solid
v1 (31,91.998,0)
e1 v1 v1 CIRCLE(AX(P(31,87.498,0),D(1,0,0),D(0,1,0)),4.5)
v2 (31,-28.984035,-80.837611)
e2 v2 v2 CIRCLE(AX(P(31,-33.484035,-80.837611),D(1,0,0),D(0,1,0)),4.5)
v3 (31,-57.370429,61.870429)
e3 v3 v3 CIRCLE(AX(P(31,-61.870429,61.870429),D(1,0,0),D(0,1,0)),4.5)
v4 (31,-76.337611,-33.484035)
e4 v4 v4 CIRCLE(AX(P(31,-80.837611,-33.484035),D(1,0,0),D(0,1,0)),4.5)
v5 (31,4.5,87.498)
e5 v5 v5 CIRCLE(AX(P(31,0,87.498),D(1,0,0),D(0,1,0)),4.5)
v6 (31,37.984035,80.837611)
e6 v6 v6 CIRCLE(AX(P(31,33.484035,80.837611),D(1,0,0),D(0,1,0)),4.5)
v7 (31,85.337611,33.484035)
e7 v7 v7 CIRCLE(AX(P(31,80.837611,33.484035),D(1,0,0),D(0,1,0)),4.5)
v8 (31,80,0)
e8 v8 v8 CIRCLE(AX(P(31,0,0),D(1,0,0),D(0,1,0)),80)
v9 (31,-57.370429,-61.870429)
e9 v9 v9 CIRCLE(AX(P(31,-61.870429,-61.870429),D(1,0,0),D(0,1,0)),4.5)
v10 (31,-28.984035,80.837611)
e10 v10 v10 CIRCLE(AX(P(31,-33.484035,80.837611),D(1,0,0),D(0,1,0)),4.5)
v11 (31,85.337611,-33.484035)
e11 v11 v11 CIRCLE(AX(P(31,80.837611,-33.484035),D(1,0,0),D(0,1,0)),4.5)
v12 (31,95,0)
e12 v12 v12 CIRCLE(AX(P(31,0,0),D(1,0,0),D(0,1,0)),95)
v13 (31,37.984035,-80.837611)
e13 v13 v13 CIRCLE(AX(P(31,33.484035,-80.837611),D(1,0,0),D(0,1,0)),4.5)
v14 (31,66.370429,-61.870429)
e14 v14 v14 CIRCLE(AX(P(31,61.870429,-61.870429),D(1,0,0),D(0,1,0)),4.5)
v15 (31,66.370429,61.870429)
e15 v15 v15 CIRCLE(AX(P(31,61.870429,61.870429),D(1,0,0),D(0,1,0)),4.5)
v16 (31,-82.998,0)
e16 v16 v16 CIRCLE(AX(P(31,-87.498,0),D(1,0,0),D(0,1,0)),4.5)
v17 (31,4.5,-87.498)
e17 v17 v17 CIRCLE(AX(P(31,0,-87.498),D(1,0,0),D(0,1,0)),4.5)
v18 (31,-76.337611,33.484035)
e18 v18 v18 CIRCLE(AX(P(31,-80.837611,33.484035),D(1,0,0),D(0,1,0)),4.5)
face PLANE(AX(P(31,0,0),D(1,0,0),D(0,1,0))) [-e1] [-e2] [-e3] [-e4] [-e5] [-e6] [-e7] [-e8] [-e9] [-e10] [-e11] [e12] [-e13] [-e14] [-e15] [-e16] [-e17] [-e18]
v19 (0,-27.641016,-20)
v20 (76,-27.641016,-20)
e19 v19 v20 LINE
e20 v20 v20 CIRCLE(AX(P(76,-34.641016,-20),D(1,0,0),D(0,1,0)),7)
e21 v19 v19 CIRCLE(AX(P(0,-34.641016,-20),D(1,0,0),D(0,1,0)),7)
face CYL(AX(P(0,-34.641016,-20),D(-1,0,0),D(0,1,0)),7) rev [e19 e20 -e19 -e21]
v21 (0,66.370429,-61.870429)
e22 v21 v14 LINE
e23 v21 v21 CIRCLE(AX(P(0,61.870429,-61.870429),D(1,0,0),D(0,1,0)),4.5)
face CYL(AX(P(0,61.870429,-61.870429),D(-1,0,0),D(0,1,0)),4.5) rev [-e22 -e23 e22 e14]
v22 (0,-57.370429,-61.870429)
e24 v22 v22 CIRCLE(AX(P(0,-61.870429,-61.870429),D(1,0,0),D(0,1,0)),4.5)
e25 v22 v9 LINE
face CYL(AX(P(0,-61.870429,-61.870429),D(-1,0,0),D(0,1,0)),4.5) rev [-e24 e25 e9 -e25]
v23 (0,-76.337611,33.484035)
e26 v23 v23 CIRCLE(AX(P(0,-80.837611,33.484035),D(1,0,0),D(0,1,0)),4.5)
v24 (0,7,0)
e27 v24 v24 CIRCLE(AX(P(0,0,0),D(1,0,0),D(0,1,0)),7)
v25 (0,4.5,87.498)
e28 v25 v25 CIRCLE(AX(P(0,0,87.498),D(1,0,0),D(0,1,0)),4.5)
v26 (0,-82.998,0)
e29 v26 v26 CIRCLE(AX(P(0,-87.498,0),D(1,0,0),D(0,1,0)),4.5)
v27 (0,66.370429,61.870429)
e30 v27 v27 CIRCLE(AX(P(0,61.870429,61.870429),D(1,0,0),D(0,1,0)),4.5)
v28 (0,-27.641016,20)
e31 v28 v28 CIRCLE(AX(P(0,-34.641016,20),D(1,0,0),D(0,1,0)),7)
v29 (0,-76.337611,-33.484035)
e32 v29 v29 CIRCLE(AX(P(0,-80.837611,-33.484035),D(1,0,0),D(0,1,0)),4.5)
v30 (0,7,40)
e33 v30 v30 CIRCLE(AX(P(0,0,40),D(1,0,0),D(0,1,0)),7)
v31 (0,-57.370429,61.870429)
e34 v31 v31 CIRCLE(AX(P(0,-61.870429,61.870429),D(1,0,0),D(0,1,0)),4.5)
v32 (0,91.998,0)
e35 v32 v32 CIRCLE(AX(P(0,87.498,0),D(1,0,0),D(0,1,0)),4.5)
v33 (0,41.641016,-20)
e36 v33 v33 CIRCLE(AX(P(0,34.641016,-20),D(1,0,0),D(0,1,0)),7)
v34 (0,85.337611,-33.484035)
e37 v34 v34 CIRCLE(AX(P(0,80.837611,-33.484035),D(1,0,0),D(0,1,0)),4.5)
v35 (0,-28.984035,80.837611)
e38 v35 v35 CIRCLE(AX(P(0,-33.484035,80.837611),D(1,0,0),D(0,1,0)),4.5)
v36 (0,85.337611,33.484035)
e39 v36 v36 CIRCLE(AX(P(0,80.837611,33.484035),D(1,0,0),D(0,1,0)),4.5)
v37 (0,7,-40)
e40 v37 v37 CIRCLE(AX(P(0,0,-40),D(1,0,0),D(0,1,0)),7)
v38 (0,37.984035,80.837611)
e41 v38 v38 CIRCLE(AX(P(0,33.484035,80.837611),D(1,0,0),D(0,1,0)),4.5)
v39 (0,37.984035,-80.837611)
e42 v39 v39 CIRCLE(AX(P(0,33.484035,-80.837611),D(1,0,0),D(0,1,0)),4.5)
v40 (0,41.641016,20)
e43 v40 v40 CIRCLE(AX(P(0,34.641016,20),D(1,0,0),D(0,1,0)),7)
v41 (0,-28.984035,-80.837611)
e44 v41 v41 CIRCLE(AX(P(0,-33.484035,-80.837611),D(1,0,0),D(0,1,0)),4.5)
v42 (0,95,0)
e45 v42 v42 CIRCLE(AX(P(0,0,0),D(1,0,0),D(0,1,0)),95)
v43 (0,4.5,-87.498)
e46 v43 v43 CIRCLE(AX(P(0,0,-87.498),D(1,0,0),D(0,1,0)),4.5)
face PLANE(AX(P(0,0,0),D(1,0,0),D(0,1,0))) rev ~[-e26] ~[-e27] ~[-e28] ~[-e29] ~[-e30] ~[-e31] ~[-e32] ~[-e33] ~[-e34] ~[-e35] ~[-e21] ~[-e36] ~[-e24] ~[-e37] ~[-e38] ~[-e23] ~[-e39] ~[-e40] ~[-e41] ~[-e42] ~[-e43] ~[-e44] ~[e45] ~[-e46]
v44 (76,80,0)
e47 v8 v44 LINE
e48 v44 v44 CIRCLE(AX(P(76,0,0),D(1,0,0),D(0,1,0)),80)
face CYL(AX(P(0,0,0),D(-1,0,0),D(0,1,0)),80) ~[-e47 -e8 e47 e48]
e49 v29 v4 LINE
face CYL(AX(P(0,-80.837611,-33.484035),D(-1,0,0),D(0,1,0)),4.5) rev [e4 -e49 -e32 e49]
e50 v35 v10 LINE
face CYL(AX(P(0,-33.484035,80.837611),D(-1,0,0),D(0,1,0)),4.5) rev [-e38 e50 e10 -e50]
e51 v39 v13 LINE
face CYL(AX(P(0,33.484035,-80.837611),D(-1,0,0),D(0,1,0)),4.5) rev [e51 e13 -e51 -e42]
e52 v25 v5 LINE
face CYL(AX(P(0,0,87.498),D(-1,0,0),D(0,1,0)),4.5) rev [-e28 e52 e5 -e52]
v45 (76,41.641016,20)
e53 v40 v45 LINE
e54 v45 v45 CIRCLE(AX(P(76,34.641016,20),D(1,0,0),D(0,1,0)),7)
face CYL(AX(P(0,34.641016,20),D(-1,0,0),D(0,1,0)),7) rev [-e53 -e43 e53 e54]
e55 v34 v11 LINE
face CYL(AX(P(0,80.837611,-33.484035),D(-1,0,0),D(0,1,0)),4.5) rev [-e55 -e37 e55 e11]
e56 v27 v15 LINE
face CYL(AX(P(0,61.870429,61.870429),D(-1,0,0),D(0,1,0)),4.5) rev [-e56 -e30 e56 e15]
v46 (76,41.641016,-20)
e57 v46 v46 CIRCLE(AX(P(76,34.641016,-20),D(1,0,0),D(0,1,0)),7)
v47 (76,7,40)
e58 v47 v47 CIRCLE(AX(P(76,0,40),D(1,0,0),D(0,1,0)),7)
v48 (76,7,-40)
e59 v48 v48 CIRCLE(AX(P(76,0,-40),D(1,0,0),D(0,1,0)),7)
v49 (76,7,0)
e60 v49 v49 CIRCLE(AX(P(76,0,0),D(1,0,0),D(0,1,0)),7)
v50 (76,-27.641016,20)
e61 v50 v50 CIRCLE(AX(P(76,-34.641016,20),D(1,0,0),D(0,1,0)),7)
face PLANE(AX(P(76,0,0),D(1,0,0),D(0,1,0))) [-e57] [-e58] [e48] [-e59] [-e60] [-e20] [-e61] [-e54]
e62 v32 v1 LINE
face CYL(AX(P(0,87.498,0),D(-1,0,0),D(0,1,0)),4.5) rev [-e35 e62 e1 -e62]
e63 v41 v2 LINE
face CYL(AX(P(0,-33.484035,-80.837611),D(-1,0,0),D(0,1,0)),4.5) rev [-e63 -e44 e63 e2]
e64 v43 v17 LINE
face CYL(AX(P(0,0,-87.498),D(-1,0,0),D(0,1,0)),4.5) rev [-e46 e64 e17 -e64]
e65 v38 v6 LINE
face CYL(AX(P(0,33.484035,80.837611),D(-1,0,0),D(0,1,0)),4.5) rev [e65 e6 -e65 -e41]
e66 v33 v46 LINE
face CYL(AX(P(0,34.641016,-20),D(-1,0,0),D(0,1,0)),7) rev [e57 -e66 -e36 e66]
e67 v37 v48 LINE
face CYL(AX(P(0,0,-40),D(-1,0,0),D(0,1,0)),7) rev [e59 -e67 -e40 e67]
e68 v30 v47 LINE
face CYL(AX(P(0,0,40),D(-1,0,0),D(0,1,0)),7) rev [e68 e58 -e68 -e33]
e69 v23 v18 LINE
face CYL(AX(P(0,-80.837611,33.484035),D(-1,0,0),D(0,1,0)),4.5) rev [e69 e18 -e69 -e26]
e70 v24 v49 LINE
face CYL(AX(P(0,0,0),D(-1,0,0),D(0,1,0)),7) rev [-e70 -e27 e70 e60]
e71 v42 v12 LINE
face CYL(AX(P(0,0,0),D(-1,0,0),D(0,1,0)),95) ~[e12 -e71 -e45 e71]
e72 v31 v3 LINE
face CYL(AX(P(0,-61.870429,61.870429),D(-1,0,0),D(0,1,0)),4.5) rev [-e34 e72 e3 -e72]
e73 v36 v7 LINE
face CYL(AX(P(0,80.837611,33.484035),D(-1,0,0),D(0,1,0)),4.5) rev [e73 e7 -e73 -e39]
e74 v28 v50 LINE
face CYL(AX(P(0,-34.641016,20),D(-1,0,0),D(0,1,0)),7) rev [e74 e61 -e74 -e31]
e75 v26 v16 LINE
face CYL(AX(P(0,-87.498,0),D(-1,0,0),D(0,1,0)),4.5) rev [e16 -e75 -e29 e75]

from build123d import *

# Parameters (mm, degrees)
F0_R     = 80
F0_R_2   = 7
F1_DEPTH = 76
F0_R_3   = 95
F0_R_4   = 4.5
F2_DEPTH = 31


with BuildPart() as f1:
    # F0 (on Right) → F1 (new body)
    with BuildSketch(Plane.YZ):
        Circle(F0_R)
        with Locations((-34.641016, -20)):
            Circle(F0_R_2, mode=Mode.SUBTRACT)
        with Locations((0, -40)):
            Circle(F0_R_2, mode=Mode.SUBTRACT)
        with Locations((34.641016, -20)):
            Circle(F0_R_2, mode=Mode.SUBTRACT)
        with Locations((-34.641016, 20)):
            Circle(F0_R_2, mode=Mode.SUBTRACT)
        Circle(F0_R_2, mode=Mode.SUBTRACT)
        with Locations((34.641016, 20)):
            Circle(F0_R_2, mode=Mode.SUBTRACT)
        with Locations((0, 40)):
            Circle(F0_R_2, mode=Mode.SUBTRACT)
    extrude(amount=F1_DEPTH)

    # F0 (on Right) → F2 (join)
    with BuildSketch(Plane.YZ):
        Circle(F0_R_3)
        with Locations((-61.870429, -61.870429)):
            Circle(F0_R_4, mode=Mode.SUBTRACT)
        with Locations((-33.484035, -80.837611)):
            Circle(F0_R_4, mode=Mode.SUBTRACT)
        with Locations((-80.837611, -33.484035)):
            Circle(F0_R_4, mode=Mode.SUBTRACT)
        with Locations((0, -87.498)):
            Circle(F0_R_4, mode=Mode.SUBTRACT)
        with Locations((33.484035, -80.837611)):
            Circle(F0_R_4, mode=Mode.SUBTRACT)
        with Locations((61.870429, -61.870429)):
            Circle(F0_R_4, mode=Mode.SUBTRACT)
        with Locations((80.837611, -33.484035)):
            Circle(F0_R_4, mode=Mode.SUBTRACT)
        with Locations((-87.498, 0)):
            Circle(F0_R_4, mode=Mode.SUBTRACT)
        with Locations((-80.837611, 33.484035)):
            Circle(F0_R_4, mode=Mode.SUBTRACT)
        with Locations((-61.870429, 61.870429)):
            Circle(F0_R_4, mode=Mode.SUBTRACT)
        with Locations((-33.484035, 80.837611)):
            Circle(F0_R_4, mode=Mode.SUBTRACT)
        Circle(F0_R, mode=Mode.SUBTRACT)
        with Locations((87.498, 0)):
            Circle(F0_R_4, mode=Mode.SUBTRACT)
        with Locations((80.837611, 33.484035)):
            Circle(F0_R_4, mode=Mode.SUBTRACT)
        with Locations((0, 87.498)):
            Circle(F0_R_4, mode=Mode.SUBTRACT)
        with Locations((33.484035, 80.837611)):
            Circle(F0_R_4, mode=Mode.SUBTRACT)
        with Locations((61.870429, 61.870429)):
            Circle(F0_R_4, mode=Mode.SUBTRACT)
    extrude(amount=F2_DEPTH)


solid = f1.part
